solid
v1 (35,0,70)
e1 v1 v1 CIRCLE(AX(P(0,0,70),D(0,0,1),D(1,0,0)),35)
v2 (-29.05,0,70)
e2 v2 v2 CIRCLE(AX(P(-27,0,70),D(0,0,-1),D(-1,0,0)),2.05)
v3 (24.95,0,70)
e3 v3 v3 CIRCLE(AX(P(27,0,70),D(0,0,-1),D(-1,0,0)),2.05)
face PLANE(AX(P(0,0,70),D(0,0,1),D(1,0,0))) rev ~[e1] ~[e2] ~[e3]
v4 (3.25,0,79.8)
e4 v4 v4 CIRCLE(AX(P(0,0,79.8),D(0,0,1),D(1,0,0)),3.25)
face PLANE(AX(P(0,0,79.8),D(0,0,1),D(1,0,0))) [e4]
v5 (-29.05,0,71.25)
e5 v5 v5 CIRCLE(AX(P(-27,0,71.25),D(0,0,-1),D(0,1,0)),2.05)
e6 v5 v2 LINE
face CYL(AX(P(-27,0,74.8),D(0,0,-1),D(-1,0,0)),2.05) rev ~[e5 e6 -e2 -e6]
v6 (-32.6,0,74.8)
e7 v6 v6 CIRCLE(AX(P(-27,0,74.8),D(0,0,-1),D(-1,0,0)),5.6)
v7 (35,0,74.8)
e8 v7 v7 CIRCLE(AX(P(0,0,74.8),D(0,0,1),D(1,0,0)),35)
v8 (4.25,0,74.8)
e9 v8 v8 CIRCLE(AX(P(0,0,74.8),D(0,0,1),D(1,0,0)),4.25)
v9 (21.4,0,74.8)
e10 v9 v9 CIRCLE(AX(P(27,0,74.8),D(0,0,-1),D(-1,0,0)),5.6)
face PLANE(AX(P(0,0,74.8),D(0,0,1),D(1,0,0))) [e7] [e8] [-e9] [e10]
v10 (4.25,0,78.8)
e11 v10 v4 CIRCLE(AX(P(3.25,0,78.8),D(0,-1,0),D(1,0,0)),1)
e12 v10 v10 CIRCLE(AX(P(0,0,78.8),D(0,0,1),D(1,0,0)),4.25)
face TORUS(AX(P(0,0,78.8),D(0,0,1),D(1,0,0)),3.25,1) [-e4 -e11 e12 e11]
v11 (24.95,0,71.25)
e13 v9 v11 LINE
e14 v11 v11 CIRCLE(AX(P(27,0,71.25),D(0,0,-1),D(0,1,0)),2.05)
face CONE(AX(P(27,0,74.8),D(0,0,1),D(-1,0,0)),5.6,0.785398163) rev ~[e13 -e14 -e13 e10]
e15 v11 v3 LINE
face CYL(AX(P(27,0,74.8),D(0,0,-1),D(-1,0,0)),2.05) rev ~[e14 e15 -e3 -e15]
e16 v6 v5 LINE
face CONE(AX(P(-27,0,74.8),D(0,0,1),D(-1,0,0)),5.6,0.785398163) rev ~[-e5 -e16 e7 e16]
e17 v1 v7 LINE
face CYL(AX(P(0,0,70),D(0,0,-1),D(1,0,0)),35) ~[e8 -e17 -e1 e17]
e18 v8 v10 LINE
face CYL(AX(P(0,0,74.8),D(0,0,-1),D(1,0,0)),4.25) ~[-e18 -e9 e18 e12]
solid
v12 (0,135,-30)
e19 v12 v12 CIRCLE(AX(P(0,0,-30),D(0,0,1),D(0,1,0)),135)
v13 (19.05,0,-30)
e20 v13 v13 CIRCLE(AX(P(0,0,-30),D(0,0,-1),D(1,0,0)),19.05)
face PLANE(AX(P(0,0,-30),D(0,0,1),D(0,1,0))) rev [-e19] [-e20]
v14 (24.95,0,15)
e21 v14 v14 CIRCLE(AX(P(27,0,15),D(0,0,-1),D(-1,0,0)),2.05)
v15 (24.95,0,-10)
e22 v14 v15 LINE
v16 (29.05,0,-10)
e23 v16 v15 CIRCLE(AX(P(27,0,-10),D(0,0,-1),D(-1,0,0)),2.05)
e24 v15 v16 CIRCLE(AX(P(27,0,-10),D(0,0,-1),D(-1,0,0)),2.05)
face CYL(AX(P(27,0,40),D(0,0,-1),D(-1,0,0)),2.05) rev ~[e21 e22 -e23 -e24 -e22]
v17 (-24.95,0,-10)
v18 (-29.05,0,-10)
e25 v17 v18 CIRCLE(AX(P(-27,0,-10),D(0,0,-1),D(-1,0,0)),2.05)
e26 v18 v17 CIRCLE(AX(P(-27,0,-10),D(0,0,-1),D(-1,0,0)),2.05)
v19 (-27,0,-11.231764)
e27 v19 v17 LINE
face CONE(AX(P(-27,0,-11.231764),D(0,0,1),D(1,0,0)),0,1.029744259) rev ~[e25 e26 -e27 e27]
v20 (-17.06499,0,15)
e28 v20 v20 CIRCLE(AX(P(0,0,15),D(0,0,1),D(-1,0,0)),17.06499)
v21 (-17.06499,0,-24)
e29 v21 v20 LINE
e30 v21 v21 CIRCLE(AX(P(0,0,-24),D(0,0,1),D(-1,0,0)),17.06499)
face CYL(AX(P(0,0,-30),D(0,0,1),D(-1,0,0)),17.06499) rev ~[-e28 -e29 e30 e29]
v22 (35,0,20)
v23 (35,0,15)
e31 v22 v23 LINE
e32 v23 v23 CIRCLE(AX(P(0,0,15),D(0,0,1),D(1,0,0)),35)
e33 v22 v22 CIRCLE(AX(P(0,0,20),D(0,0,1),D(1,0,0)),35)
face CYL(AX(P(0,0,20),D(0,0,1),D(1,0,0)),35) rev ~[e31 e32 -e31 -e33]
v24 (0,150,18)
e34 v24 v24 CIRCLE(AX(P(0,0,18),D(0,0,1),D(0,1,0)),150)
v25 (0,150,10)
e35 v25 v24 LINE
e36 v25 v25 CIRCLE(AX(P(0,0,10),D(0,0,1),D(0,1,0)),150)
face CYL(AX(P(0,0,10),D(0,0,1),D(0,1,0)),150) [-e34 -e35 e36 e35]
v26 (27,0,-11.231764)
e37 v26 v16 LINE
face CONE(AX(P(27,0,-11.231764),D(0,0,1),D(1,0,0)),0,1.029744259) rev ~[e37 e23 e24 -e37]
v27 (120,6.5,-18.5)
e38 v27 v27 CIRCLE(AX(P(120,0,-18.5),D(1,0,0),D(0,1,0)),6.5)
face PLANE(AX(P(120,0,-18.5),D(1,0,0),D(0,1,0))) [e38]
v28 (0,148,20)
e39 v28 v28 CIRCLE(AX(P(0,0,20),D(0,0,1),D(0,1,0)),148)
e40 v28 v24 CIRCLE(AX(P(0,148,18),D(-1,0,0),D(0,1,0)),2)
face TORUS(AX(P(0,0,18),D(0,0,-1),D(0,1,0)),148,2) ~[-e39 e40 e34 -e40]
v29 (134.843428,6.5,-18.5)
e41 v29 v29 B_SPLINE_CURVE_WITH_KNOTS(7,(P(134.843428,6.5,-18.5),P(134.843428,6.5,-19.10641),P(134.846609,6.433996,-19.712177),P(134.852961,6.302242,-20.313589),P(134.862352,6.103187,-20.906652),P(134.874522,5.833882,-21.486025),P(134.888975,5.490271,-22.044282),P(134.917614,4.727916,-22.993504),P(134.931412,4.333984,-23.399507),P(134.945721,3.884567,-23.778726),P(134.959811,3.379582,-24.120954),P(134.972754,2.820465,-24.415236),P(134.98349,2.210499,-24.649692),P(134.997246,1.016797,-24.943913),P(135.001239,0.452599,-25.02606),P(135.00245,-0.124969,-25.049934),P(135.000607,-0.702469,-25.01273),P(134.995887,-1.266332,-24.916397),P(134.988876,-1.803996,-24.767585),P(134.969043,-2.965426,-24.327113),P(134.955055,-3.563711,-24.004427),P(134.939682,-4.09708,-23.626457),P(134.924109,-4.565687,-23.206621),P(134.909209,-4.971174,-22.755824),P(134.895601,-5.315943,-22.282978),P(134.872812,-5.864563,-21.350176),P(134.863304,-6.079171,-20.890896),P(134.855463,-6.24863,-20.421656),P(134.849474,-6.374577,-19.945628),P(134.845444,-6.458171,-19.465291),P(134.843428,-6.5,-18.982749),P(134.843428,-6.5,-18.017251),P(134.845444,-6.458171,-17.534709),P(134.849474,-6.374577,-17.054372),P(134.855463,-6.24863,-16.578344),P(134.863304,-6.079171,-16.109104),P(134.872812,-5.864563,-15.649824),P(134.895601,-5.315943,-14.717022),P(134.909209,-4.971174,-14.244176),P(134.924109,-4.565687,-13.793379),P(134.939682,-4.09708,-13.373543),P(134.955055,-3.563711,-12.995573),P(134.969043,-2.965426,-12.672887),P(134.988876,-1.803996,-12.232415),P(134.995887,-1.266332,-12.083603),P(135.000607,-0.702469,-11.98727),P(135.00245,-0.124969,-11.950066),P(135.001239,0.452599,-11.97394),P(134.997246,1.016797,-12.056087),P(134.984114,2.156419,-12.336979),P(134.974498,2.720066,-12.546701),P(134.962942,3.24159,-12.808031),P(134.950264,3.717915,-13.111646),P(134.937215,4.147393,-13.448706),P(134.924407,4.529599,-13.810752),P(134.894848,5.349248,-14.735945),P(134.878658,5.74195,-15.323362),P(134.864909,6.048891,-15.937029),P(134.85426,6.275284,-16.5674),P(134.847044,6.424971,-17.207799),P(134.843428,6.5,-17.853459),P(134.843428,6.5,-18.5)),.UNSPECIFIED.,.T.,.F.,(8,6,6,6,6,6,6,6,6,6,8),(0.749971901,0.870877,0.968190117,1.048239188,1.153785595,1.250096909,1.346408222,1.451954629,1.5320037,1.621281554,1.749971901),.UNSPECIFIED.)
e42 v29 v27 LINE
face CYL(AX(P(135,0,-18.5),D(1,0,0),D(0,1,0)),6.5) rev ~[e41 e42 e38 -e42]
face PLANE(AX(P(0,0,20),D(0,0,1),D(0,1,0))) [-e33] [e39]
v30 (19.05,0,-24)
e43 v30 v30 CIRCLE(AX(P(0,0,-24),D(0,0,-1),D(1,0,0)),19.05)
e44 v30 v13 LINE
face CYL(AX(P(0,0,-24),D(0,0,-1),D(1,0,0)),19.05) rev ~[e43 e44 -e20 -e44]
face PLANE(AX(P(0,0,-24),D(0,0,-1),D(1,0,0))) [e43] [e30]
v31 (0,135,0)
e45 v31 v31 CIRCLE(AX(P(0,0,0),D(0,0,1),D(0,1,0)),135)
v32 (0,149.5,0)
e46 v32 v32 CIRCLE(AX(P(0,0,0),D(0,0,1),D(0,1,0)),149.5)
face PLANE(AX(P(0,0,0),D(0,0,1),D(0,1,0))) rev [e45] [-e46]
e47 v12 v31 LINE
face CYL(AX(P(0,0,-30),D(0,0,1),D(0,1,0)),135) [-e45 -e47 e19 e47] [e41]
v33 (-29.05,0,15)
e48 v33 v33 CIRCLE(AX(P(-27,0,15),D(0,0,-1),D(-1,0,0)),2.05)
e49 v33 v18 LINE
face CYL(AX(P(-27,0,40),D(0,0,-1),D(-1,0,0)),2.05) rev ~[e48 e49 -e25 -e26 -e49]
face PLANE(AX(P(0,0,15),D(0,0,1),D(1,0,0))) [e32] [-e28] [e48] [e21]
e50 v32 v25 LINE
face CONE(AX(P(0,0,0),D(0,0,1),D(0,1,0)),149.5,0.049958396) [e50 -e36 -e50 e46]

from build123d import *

# Parameters (mm, degrees)
F3_D            = 34.12998
F3_CBORE_D      = 38.1
F3_CBORE_DEPTH  = 6
F6_R            = 6.5
F7_DEPTH        = 15
F8_R            = 2
F10_R           = 35
F11_DEPTH       = 5
F13_R           = 35
F14_DEPTH       = 4.8
F15_R           = 4.25
F16_DEPTH       = 5
F19_D           = 4.1
F19_DEPTH       = 25
F19_CSINK_D     = 11.2
F19_CSINK_ANGLE = 90
F19_TIP         = 1.231764269
F20_D           = 4.1
F20_DEPTH       = 25
F20_TIP         = 1.231764269
F21_R           = 1


with BuildPart() as f1:
    # F0 (on Right) → F1 (revolve)
    with BuildSketch(Plane.YZ):
        Polygon((150, 20), (0, 20), (0, -30), (135, -30), (135, 0), (149.5, 0), (150, 10), align=None)
    revolve(axis=Axis((0, 0, -5), (0, 0, 1)))

    # F3 (through all)
    with Locations(Plane(origin=(0, 0, -30), x_dir=(1, 0, 0), z_dir=(0, 0, -1))):
        with Locations((0, 0)):
            CounterBoreHole(F3_D / 2, F3_CBORE_D / 2, F3_CBORE_DEPTH)

    # F6 (on line) → F7 (cut)
    with BuildSketch(Plane.YZ.offset(135)):
        with Locations((0, -18.5)):
            Circle(F6_R)
    extrude(amount=-F7_DEPTH, mode=Mode.SUBTRACT)

    # F8
    f8_edges = [f1.edges().sort_by_distance(p)[0] for p in [
        (0, -150, 20),
    ]]
    fillet(f8_edges, radius=F8_R)

    # F10 (on offset) → F11 (cut)
    with BuildSketch(Plane.XY.offset(20)):
        Circle(F10_R)
    extrude(amount=-F11_DEPTH, mode=Mode.SUBTRACT)

    # F20
    with Locations(Plane.XY.offset(15)):
        with Locations((-27, 0), (27, 0)):
            Hole(F20_D / 2, depth=F20_DEPTH)
            with Locations((0, 0, -(F20_DEPTH + F20_TIP / 2))):  # 118° drill point
                Cone(0, F20_D / 2, F20_TIP, mode=Mode.SUBTRACT)


with BuildPart() as f14:
    # F13 (on offset) → F14 (new body)
    with BuildSketch(Plane.XY.offset(70)):
        Circle(F13_R)
    extrude(amount=F14_DEPTH)

    # F15 (on face) → F16 (join)
    with BuildSketch(Plane.XY.offset(74.8)):
        Circle(F15_R)
    extrude(amount=F16_DEPTH)

    # F19
    with Locations(Plane.XY.offset(74.8)):
        with Locations((-27, 0), (27, 0)):
            CounterSinkHole(F19_D / 2, F19_CSINK_D / 2, depth=F19_DEPTH, counter_sink_angle=F19_CSINK_ANGLE)
            with Locations((0, 0, -(F19_DEPTH + F19_TIP / 2))):  # 118° drill point
                Cone(0, F19_D / 2, F19_TIP, mode=Mode.SUBTRACT)

    # F21
    f21_edges = [f14.edges().sort_by_distance(p)[0] for p in [
        (-4.25, 0, 79.8),
    ]]
    fillet(f21_edges, radius=F21_R)


solid = Compound([f1.part, f14.part])
